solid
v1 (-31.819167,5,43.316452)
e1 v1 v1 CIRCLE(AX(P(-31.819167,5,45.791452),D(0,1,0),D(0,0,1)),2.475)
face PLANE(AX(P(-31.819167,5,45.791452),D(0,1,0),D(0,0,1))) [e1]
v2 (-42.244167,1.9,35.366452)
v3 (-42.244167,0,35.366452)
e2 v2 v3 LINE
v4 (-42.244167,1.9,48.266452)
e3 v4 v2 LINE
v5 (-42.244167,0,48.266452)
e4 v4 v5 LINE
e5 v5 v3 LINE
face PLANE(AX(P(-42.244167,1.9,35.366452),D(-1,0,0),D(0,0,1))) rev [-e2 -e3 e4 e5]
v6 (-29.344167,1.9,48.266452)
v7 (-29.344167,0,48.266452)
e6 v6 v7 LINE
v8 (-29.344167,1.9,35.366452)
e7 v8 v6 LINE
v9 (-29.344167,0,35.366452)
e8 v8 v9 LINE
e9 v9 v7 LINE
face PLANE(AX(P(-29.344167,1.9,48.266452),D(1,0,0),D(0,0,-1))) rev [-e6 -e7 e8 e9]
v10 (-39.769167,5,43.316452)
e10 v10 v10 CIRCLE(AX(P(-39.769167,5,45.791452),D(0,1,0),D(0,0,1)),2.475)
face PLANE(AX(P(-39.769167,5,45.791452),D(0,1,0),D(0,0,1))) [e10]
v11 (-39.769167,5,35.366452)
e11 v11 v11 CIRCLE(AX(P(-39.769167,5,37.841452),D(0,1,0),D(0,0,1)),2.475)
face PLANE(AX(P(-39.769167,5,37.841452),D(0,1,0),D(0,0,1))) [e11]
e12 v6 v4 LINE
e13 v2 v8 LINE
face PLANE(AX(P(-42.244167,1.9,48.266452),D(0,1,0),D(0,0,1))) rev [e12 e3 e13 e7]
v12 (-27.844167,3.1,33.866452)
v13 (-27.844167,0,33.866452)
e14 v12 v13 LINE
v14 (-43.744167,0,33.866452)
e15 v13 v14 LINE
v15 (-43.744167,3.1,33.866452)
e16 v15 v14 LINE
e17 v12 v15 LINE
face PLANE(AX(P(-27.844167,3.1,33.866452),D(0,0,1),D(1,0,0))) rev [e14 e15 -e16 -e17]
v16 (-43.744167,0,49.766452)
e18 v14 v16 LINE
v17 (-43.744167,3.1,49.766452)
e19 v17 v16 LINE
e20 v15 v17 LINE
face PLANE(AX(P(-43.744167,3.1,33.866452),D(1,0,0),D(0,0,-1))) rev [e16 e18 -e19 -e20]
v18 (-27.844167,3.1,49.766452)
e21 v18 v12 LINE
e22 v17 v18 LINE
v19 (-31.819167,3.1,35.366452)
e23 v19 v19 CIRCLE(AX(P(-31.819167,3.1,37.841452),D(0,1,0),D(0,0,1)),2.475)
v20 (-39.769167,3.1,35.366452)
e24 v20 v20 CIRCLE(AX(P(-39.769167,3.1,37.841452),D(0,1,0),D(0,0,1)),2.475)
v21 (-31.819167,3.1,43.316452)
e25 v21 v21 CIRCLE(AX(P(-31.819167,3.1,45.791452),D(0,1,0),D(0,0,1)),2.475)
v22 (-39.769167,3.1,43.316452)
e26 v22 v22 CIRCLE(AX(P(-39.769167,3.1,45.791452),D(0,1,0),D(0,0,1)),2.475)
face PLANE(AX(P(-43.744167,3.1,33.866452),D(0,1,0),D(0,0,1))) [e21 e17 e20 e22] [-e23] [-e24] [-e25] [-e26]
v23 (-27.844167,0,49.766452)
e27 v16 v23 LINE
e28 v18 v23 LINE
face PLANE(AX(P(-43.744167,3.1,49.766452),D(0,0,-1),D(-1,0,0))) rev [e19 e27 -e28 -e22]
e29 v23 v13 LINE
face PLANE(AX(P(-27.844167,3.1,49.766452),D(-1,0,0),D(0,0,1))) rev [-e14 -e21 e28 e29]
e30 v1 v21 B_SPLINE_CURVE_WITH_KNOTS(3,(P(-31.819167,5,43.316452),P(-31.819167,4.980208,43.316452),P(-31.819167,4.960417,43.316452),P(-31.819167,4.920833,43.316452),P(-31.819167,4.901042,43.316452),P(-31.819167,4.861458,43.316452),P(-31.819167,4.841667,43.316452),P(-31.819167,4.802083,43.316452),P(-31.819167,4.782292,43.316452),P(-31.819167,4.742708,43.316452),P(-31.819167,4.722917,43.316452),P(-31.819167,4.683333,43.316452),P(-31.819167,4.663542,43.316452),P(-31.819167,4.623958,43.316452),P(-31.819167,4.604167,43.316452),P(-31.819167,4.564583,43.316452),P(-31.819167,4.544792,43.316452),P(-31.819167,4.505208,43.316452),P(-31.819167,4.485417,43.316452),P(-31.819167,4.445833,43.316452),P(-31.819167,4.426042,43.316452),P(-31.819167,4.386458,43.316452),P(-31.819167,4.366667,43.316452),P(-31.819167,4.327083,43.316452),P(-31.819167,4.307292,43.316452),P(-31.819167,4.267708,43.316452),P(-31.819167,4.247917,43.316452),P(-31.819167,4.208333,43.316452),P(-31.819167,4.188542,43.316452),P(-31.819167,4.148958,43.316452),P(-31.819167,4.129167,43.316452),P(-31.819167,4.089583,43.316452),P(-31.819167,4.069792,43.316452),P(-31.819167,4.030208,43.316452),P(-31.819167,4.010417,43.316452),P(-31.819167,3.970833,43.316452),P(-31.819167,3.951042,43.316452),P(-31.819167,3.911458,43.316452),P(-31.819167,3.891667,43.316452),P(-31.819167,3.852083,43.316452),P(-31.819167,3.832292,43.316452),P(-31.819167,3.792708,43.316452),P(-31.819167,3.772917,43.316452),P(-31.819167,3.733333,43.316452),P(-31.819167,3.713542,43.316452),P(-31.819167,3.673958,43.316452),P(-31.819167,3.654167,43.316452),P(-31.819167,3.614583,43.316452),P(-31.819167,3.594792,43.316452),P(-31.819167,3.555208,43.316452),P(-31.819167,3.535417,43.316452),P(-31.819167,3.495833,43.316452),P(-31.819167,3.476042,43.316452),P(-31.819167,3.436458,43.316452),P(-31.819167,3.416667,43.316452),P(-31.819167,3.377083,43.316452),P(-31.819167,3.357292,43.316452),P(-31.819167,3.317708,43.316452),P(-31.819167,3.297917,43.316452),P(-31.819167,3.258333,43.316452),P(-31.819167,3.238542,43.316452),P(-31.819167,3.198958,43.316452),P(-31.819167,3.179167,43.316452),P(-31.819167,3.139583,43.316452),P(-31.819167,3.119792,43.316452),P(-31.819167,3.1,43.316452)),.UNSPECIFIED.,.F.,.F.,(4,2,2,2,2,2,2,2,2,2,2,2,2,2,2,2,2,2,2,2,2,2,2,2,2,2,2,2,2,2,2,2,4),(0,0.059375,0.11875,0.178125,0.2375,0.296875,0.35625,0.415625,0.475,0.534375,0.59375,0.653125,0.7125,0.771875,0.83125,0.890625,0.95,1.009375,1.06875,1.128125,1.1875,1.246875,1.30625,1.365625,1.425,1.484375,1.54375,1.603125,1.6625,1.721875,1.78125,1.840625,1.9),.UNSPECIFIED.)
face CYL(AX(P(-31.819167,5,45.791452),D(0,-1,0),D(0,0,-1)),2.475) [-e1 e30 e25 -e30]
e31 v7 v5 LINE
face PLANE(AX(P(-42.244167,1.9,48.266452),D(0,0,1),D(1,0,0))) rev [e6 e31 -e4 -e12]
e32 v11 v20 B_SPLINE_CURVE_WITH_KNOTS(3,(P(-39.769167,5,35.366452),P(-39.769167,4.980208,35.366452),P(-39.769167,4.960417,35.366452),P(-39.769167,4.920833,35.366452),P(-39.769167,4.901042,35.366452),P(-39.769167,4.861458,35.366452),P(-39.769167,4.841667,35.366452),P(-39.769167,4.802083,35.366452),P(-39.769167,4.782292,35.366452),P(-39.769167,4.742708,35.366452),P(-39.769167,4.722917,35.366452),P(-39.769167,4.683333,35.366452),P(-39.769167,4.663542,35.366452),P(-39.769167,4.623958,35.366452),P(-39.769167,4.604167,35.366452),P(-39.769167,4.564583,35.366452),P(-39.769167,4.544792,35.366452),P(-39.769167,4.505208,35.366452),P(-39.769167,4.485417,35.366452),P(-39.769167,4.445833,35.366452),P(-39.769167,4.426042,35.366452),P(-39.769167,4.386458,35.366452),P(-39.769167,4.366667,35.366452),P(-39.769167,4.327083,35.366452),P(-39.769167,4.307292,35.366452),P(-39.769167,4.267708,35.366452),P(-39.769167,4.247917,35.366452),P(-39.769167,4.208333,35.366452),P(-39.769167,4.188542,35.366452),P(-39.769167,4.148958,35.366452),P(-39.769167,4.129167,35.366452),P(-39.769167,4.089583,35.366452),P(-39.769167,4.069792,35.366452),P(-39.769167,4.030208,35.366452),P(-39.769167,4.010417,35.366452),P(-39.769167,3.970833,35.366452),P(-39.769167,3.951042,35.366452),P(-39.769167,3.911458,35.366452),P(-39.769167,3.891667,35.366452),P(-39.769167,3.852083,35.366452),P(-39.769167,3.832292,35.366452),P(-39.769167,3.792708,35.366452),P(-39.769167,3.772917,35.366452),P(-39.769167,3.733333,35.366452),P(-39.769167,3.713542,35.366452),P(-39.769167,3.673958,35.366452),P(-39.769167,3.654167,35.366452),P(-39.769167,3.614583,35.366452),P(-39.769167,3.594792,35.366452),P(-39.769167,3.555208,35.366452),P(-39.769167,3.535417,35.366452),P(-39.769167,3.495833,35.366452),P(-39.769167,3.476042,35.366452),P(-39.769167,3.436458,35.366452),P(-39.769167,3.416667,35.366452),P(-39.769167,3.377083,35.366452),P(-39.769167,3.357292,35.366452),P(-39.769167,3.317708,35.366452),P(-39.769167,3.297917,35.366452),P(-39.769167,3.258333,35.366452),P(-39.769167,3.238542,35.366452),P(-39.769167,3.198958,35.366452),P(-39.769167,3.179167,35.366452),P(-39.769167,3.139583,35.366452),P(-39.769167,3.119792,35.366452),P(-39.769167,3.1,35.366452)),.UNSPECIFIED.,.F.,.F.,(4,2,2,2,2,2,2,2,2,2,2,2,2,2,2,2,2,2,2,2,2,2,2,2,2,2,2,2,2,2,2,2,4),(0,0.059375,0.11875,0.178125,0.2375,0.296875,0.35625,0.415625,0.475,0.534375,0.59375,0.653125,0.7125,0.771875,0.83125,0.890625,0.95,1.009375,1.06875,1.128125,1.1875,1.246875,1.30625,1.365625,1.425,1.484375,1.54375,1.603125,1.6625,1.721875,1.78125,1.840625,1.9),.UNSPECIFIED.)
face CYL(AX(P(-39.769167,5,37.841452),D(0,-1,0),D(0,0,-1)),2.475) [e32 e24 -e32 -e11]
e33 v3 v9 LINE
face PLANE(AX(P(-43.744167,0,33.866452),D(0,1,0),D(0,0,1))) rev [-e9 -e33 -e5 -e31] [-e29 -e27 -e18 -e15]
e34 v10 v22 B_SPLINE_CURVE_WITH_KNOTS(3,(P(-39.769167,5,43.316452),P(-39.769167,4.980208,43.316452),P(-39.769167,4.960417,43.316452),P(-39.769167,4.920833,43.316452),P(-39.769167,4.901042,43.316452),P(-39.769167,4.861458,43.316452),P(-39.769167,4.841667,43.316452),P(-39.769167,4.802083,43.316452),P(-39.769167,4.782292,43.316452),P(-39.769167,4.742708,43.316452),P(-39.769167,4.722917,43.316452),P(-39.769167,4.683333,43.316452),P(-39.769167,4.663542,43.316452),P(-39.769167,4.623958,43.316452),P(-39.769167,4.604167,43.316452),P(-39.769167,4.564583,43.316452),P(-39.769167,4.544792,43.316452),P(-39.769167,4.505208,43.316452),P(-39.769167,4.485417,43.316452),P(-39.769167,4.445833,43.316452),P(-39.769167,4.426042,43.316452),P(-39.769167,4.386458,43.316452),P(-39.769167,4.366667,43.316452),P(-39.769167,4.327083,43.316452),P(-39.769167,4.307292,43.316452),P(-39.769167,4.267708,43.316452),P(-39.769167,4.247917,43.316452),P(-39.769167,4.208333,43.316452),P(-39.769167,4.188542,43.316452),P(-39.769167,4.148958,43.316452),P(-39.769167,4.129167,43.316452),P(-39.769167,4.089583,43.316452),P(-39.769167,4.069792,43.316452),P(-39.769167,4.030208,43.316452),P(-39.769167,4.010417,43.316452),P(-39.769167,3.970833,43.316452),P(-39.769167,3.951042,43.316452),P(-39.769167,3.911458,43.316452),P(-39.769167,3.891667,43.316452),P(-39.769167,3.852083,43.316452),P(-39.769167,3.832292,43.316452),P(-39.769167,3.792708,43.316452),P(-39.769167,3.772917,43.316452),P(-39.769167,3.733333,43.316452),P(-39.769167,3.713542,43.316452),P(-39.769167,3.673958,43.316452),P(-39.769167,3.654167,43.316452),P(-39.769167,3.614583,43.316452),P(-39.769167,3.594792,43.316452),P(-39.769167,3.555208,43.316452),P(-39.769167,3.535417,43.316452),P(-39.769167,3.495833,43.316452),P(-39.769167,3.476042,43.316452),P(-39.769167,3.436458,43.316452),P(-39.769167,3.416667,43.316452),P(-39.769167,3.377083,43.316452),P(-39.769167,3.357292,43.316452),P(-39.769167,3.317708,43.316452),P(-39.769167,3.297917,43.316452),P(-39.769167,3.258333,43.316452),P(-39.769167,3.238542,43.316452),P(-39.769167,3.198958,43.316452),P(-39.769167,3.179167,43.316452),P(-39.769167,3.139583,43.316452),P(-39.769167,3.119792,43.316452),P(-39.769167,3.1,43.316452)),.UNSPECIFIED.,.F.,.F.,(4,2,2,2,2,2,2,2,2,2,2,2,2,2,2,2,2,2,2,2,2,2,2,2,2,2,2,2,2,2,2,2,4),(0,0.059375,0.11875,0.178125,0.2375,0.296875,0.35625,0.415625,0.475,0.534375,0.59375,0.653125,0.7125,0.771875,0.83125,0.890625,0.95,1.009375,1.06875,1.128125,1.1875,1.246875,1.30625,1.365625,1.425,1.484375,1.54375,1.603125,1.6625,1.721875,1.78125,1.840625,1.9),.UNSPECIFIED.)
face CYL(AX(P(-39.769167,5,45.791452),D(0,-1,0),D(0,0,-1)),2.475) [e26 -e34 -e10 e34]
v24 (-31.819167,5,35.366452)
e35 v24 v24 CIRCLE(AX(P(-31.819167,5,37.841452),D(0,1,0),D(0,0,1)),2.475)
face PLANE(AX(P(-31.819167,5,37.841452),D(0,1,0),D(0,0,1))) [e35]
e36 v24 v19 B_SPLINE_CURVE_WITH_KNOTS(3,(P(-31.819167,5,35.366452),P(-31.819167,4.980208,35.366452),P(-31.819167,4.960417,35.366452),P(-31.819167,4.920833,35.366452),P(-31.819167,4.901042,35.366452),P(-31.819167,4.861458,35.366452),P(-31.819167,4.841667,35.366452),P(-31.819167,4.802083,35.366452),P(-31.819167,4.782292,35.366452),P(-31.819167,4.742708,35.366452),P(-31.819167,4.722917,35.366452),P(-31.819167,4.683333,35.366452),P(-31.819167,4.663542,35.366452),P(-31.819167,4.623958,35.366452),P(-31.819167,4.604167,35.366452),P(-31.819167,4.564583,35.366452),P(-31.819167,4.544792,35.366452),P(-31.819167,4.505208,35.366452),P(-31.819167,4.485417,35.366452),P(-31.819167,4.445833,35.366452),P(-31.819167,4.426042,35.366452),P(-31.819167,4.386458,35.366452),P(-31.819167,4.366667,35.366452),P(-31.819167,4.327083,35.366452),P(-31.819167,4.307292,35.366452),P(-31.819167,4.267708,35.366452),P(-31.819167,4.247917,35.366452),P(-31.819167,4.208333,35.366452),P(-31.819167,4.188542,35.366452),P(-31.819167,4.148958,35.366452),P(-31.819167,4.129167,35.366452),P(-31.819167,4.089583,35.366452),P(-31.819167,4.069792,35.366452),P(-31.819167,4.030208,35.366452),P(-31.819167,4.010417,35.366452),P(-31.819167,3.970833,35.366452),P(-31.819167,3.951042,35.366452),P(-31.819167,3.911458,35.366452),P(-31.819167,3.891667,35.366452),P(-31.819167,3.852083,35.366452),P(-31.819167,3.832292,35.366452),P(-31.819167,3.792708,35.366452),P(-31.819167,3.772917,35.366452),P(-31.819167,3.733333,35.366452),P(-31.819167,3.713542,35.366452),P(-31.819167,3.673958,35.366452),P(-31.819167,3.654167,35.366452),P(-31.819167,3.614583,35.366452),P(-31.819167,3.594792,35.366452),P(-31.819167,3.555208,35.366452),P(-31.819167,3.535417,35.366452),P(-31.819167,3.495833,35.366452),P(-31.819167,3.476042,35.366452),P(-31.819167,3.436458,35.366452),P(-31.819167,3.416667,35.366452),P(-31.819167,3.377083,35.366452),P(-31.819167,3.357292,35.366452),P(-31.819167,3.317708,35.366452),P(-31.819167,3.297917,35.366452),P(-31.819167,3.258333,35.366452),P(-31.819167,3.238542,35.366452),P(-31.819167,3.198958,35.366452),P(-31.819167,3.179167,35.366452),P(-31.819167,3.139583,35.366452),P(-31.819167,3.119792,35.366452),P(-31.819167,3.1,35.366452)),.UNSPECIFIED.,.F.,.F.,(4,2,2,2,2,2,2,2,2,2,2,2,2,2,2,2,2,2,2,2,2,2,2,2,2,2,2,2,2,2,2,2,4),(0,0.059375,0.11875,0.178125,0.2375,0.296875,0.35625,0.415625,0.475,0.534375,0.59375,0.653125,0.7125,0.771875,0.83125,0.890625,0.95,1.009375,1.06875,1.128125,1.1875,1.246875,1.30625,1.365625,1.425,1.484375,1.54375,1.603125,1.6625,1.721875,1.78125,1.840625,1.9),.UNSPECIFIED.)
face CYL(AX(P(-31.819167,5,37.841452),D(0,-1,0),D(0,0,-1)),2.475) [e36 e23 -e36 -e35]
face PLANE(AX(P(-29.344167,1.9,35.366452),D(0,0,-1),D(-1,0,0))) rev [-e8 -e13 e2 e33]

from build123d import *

# Parameters (mm, degrees)
SKETCH1_W           = 15.9
SKETCH1_H           = 15.9
BOSS_EXTRUDE1_DEPTH = 3.1
SKETCH2_W           = 12.9
SKETCH2_H           = 12.9
CUT_EXTRUDE1_DEPTH  = 1.9
SKETCH3_R           = 2.475
BOSS_EXTRUDE2_DEPTH = 1.9


with BuildPart() as part:
    # Sketch1 → Boss-Extrude1 (new body)
    with BuildSketch(Plane(origin=(0, 0, 0), x_dir=(1, 0, 0), z_dir=(0, 1, 0))):
        with Locations((-35.79416664, -41.816451592)):
            Rectangle(SKETCH1_W, SKETCH1_H)
    extrude(amount=BOSS_EXTRUDE1_DEPTH)

    # Sketch2 → Cut-Extrude1 (cut)
    with BuildSketch(Plane.XZ):
        with Locations((-35.79416664, 41.816451592)):
            Rectangle(SKETCH2_W, SKETCH2_H)
    extrude(amount=-CUT_EXTRUDE1_DEPTH, mode=Mode.SUBTRACT)

    # Sketch3 → Boss-Extrude2 (add)
    with BuildSketch(Plane(origin=(0, 3.1, 0), x_dir=(1, 0, 0), z_dir=(0, 1, 0))):
        with Locations(Location((-39.76916664, -37.841451592, 0), (0, 0, 90))):
            Circle(SKETCH3_R)
        with Locations(Location((-31.81916664, -37.841451592, 0), (0, 0, 90))):
            Circle(SKETCH3_R)
        with Locations(Location((-39.76916664, -45.791451592, 0), (0, 0, 90))):
            Circle(SKETCH3_R)
        with Locations(Location((-31.81916664, -45.791451592, 0), (0, 0, 90))):
            Circle(SKETCH3_R)
    extrude(amount=BOSS_EXTRUDE2_DEPTH)


solid = part.part
